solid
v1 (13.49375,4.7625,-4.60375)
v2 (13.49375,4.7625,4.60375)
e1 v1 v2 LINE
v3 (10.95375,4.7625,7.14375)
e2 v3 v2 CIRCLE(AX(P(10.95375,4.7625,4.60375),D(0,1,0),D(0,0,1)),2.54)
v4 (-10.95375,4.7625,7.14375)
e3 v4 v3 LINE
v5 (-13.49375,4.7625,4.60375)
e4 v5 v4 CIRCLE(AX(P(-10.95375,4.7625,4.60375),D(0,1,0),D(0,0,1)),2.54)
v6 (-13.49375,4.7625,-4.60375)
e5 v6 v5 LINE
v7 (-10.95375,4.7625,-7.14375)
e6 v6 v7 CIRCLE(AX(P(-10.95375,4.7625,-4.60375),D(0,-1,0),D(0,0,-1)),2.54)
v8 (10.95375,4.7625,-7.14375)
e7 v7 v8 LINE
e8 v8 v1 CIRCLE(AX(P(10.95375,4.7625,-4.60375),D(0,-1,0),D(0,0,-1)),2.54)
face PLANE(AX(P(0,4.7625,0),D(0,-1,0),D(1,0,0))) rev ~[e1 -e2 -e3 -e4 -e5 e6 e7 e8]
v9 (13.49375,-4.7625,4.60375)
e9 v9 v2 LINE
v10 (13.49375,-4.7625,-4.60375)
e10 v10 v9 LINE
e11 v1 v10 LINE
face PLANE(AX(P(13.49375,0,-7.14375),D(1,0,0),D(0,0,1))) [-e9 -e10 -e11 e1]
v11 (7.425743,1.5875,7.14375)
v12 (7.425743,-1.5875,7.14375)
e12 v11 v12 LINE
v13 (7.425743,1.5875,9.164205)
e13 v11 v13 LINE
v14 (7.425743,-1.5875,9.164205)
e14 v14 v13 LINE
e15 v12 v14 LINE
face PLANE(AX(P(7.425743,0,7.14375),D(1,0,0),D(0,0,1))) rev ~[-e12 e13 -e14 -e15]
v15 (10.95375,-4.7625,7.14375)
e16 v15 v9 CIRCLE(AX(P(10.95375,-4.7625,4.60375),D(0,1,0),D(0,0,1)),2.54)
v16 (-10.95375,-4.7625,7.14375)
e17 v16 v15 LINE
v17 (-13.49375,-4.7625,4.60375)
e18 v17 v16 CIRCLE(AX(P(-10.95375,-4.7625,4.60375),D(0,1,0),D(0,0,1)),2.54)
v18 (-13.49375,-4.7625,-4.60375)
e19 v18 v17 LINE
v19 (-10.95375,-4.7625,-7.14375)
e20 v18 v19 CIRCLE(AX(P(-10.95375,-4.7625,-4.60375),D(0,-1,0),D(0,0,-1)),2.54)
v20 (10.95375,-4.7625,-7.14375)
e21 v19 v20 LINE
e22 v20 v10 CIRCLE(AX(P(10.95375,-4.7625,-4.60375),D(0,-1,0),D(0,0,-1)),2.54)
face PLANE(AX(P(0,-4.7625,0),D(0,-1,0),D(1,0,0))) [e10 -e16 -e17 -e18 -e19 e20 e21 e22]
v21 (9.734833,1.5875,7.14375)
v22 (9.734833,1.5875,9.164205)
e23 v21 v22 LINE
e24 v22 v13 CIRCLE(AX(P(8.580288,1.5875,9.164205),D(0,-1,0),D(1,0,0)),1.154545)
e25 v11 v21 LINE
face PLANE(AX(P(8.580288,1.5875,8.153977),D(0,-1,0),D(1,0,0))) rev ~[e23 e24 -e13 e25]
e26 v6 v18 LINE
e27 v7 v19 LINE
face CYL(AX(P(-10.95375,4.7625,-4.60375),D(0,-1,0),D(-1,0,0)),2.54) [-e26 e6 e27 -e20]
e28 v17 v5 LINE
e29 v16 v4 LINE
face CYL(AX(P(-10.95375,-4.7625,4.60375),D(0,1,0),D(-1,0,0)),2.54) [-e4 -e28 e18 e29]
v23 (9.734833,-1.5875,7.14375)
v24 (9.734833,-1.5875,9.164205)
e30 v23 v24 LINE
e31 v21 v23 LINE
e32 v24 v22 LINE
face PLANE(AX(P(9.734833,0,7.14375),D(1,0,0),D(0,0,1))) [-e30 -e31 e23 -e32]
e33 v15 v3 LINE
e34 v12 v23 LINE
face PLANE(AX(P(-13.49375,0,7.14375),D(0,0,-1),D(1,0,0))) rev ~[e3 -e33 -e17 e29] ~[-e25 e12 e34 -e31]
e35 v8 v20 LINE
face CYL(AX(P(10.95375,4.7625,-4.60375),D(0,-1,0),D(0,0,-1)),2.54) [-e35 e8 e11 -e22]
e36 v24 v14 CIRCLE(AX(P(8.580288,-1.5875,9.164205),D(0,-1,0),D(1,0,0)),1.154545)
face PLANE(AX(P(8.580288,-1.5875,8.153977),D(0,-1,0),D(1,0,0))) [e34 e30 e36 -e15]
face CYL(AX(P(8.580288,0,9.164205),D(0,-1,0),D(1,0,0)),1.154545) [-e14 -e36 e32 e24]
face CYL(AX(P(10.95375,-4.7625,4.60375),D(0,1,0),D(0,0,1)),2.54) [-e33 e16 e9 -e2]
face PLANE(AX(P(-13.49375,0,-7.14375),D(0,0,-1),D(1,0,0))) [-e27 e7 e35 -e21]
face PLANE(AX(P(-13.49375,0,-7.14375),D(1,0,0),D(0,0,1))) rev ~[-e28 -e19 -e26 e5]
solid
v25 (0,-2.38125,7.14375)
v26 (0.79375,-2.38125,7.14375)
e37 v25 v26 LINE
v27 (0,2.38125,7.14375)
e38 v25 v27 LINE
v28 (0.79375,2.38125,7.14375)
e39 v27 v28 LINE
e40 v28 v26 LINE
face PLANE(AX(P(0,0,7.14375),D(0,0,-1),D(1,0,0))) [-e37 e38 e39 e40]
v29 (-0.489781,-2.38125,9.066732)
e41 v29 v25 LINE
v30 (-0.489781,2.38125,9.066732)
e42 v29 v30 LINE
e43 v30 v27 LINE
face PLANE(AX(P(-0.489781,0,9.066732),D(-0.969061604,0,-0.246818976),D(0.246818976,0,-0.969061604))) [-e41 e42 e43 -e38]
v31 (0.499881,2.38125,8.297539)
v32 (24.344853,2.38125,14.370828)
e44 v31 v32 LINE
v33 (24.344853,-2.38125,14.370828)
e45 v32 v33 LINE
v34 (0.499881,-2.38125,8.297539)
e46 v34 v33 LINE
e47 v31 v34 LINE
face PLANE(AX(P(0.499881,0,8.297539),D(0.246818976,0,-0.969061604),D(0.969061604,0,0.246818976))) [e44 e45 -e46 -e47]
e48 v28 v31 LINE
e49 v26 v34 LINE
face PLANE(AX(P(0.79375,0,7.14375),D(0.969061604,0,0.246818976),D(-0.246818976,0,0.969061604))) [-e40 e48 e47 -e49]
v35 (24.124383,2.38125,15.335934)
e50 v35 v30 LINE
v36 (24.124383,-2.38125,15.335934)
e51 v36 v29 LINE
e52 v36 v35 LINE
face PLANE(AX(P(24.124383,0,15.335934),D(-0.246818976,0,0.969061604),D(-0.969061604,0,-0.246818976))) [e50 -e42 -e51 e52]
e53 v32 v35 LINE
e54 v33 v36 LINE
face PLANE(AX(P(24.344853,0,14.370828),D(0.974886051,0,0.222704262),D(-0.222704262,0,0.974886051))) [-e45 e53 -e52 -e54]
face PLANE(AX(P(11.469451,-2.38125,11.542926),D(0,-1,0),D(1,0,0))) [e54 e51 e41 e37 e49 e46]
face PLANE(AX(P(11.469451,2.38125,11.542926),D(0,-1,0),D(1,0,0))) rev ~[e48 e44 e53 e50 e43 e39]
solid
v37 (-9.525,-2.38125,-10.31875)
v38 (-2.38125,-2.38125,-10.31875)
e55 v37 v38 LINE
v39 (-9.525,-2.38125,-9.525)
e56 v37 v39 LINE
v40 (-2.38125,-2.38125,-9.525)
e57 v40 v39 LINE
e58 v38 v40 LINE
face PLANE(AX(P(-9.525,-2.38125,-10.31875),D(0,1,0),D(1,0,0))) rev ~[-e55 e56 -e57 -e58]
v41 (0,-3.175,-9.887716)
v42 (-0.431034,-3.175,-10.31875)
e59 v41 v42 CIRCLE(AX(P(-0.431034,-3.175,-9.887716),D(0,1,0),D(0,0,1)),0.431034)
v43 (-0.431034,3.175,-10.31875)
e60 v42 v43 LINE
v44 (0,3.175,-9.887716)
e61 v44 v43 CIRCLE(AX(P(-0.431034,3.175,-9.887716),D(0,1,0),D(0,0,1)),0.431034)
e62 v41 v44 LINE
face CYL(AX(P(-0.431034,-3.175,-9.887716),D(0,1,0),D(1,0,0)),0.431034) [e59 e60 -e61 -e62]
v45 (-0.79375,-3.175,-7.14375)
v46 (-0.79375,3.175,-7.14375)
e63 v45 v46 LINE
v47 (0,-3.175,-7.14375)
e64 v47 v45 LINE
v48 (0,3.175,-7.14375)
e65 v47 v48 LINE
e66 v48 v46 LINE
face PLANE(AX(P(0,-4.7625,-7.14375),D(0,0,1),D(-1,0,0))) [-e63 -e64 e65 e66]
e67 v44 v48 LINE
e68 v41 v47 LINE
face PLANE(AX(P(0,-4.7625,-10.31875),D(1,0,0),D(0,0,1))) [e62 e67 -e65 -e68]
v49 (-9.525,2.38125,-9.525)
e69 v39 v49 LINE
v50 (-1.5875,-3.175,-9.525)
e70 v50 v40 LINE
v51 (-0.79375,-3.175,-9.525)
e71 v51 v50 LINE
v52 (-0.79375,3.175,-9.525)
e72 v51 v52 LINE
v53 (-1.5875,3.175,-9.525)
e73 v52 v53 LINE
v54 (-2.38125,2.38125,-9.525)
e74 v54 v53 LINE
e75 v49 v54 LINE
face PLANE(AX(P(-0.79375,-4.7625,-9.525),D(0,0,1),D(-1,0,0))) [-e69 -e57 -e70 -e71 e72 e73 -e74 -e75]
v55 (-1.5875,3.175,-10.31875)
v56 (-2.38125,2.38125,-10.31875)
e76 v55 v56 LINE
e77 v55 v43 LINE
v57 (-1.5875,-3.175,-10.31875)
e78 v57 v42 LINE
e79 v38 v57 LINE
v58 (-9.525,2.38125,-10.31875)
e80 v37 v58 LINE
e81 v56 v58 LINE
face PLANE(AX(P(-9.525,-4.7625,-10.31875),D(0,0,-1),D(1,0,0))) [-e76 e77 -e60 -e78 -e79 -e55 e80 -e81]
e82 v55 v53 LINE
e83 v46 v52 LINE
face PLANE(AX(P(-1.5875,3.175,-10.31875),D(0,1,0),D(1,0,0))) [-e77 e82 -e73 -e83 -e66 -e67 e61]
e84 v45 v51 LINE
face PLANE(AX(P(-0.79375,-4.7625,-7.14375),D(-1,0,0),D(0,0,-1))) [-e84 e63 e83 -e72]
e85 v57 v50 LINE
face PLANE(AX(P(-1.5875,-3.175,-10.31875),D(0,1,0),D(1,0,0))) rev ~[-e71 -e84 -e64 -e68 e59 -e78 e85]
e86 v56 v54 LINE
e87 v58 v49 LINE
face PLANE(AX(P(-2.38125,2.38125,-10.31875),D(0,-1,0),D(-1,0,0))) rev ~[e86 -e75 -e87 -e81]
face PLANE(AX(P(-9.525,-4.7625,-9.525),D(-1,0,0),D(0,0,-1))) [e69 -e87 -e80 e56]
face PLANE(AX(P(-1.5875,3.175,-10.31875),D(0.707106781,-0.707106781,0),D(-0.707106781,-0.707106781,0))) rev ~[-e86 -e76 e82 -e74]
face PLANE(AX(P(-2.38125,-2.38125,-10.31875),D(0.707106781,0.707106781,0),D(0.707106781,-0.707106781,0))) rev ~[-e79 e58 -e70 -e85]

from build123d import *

# Parameters (mm, degrees)
F0_W      = 26.9875
F0_H      = 14.2875
F1_DEPTH  = 4.7625
F2_W      = 2.3090906763
F2_H      = 2.0204546619
F3_DEPTH  = 1.5875
F4_R      = 2.54
F7_DEPTH  = 9.525
F8_DEPTH  = 2.38125
F9_W      = 1.5875
F9_H      = 1.5875
F10_DEPTH = 25.6556836154
F11_R     = 0.4310336894


with BuildPart() as f1:
    # F0 (on Front) → F1 (new body, symmetric)
    with BuildSketch(Plane.XZ):
        Rectangle(F0_W, F0_H)
    extrude(amount=F1_DEPTH, both=True)

    # F2 (on Front) → F3 (join, symmetric)
    with BuildSketch(Plane.XZ):
        with Locations((8.5802881513, 8.1539773309)):
            Rectangle(F2_W, F2_H)
        with BuildLine():
            ThreePointArc((9.7348334894, 9.1642046619), (8.5802881513, 10.31875), (7.4257428132, 9.1642046619))
            Line((7.4257428132, 9.1642046619), (9.7348334894, 9.1642046619))
        make_face()
    extrude(amount=F3_DEPTH, both=True)

    # F4
    f4_edges = [f1.edges().sort_by_distance(p)[0] for p in [
        (13.49375, 0, 7.14375),
        (-13.49375, 0, 7.14375),
        (13.49375, 0, -7.14375),
        (-13.49375, 0, -7.14375),
    ]]
    fillet(f4_edges, radius=F4_R)


with BuildPart() as f7:
    # F6 (on face) → F7 (new body)
    with BuildSketch(Plane.XZ.offset(4.7625)):
        Polygon((0, -7.14375), (-0.79375, -7.14375), (-0.79375, -9.525), (-9.525, -9.525), (-9.525, -10.31875), (0, -10.31875), align=None)
    extrude(amount=-F7_DEPTH)

    # F9 (on face) → F10 (cut, through all)
    with BuildSketch(Plane(origin=(0, 0, -10.31875), x_dir=(1, 0, 0), z_dir=(0, 0, -1))):
        with Locations((-0.79375, 3.96875)):
            Rectangle(F9_W, F9_H)
        Polygon((-1.5875, 3.175), (-1.5875, 4.7625), (-9.525, 4.7625), (-9.525, 2.38125), (-2.38125, 2.38125), align=None)
        Polygon((-2.38125, -2.38125), (-9.525, -2.38125), (-9.525, -4.7625), (-1.5875, -4.7625), (-1.5875, -3.175), align=None)
        with Locations((-0.79375, -3.96875)):
            Rectangle(F9_W, F9_H)
    extrude(amount=-F10_DEPTH, mode=Mode.SUBTRACT)

    # F11
    f11_edges = [f7.edges().sort_by_distance(p)[0] for p in [
        (0, 0, -10.31875),
    ]]
    fillet(f11_edges, radius=F11_R)


with BuildPart() as f8:
    # F5 (on Front) → F8 (new body, symmetric)
    with BuildSketch(Plane.XZ):
        Polygon((0, 7.14375), (0.79375, 7.14375), (0.4998811565, 8.2975389727), (24.3448532584, 14.3708284046), (24.1243833445, 15.3359336154), (-0.4897814058, 9.0667316211), align=None)
    extrude(amount=F8_DEPTH, both=True)


solid = Compound([f1.part, f7.part, f8.part])
